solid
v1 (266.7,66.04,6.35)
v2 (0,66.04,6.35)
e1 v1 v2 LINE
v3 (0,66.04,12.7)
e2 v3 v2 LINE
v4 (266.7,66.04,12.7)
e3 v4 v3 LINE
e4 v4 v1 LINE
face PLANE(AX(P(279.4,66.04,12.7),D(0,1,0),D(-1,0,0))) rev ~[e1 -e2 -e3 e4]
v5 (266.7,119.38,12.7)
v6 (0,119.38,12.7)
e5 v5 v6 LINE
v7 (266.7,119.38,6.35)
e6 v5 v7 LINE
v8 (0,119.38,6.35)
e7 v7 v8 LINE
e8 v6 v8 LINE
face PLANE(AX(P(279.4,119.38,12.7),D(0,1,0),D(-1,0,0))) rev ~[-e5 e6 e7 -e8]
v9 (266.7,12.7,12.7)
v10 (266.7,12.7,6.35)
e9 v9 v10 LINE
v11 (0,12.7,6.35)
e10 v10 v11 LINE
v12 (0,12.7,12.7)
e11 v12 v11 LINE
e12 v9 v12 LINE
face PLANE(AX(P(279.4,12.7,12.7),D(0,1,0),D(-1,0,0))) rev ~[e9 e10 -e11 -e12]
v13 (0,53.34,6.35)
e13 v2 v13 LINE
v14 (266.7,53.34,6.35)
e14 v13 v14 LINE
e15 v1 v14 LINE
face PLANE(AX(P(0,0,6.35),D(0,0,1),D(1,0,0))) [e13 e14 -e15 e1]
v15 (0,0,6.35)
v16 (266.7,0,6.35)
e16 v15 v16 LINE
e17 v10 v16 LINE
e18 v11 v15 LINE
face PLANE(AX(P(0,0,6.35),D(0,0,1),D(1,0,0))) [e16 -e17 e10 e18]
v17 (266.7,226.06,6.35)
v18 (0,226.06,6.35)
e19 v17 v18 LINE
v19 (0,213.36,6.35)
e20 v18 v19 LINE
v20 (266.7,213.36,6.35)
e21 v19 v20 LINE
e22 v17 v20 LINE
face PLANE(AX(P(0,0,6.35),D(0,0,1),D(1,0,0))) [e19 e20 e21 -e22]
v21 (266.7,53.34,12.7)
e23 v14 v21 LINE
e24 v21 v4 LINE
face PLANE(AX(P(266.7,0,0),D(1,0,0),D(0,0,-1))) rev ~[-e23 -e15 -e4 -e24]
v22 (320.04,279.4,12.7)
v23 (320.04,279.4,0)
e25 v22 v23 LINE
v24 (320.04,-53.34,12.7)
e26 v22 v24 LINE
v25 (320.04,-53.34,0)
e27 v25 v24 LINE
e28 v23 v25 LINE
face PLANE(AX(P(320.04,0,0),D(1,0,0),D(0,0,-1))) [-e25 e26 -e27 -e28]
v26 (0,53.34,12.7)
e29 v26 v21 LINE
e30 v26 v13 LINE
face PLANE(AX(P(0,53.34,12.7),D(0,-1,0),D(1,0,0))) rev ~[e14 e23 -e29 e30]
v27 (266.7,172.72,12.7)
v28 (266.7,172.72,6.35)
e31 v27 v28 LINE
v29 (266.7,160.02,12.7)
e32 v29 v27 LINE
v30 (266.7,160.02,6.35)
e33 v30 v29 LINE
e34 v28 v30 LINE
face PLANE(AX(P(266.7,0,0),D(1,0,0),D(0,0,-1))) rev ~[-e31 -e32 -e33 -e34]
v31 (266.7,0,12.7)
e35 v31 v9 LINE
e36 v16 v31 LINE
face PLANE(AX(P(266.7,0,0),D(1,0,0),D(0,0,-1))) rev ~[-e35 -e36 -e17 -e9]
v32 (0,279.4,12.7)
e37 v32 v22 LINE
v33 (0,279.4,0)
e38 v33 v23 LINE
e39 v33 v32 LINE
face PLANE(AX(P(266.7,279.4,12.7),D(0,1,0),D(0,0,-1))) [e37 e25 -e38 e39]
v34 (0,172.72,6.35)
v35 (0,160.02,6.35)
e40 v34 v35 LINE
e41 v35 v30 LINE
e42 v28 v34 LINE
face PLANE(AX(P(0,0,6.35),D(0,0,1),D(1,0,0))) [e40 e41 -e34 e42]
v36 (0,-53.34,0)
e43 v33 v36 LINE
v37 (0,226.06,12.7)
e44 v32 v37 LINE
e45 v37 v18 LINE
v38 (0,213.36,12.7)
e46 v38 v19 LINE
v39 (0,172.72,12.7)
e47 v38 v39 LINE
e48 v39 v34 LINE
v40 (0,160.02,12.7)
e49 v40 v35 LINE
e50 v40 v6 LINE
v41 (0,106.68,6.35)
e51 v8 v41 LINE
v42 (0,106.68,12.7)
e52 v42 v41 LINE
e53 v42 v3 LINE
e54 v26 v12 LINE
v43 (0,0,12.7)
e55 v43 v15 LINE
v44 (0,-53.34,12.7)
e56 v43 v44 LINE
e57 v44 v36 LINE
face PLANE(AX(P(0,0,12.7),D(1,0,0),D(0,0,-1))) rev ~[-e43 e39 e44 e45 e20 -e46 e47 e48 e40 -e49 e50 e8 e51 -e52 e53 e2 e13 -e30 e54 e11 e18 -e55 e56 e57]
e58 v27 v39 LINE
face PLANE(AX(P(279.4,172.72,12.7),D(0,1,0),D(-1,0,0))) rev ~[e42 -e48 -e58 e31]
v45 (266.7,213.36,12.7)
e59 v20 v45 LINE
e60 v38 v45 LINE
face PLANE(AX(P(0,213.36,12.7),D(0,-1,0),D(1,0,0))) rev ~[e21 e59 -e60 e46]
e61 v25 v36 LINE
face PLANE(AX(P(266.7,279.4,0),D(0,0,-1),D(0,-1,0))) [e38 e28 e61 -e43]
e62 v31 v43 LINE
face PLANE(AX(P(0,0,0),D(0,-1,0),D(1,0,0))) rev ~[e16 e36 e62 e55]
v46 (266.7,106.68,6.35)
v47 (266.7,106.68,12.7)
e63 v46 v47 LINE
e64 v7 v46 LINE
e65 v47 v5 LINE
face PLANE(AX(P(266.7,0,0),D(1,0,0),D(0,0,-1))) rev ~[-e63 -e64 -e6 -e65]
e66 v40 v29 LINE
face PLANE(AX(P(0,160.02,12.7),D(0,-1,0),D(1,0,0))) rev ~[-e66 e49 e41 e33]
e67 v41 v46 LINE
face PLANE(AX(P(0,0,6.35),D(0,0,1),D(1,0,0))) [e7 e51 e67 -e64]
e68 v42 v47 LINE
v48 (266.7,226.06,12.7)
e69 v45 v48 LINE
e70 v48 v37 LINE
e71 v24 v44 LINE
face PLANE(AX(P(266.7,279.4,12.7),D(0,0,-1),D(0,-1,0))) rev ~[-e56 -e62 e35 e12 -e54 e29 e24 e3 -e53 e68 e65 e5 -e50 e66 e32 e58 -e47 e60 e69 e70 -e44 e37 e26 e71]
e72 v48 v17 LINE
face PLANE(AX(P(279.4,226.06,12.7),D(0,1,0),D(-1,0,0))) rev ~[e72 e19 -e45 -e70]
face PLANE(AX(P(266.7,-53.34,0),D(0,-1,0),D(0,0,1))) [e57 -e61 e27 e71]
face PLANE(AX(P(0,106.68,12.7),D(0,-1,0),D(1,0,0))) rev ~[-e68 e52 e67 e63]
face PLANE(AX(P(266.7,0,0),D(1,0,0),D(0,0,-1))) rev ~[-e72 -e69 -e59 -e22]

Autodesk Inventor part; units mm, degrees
ref_plane "YZ Plane" through (0, 0, 0) normal (1, 0, 0) x (0, 1, 0)
ref_plane "XZ Plane" through (0, 0, 0) normal (0, 1, 0) x (-1, 0, 0)
ref_plane "XY Plane" through (0, 0, 0) normal (0, 0, 1) x (1, 0, 0)
sketch "Sketch1" plane through (0, 0, 0) normal (0, 0, 1) x (1, 0, 0)
  line L0 (0, 0) -> (279.4, 0)
  line L1 (279.4, 0) -> (279.4, 279.4)
  line L2 (279.4, 279.4) -> (0, 279.4)
  line L3 (0, 279.4) -> (0, 0)
  dimension "d0" = 279.4
  dimension "d1" = 279.4
extrude "Extrusion1" add sketch "Sketch1" along normal blind 12.7
sketch "Sketch2" plane through (0, 0, 12.7) normal (0, 0, 1) x (1, 0, 0)
  line L0 (279.4, 0) -> (279.4, 279.4) projected
  line L1 (0, 0) -> (279.4, 0)
  line L2 (279.4, 0) -> (279.4, 12.7)
  line L3 (279.4, 12.7) -> (0, 12.7)
  line L4 (0, 12.7) -> (0, 0)
  line L5 (0, 279.4) -> (0, 0) projected
  line L6 (0, 53.34) -> (279.4, 53.34)
  line L7 (279.4, 53.34) -> (279.4, 66.04)
  line L8 (279.4, 66.04) -> (0, 66.04)
  line L9 (0, 66.04) -> (0, 53.34)
  line L10 (0, 106.68) -> (279.4, 106.68)
  line L11 (279.4, 106.68) -> (279.4, 119.38)
  line L12 (279.4, 119.38) -> (0, 119.38)
  line L13 (0, 119.38) -> (0, 106.68)
  line L14 (0, 160.02) -> (279.4, 160.02)
  line L15 (279.4, 160.02) -> (279.4, 172.72)
  line L16 (279.4, 172.72) -> (0, 172.72)
  line L17 (0, 172.72) -> (0, 160.02)
  line L18 (0, 213.36) -> (279.4, 213.36)
  line L19 (279.4, 213.36) -> (279.4, 226.06)
  line L20 (279.4, 226.06) -> (0, 226.06)
  line L21 (0, 226.06) -> (0, 213.36)
  point P0 (0, 66.04)
  point P1 (0, 119.38)
  point P2 (0, 172.72)
  point P3 (0, 226.06)
  dimension "d4" = 12.7
  dimension "d5" = 12.7
  dimension "d6" = 40.64
  dimension "d7" = 12.7
  dimension "d8" = 40.64
  dimension "d9" = 12.7
  dimension "d10" = 40.64
  dimension "d11" = 12.7
  dimension "d12" = 40.64
extrude "Extrusion2" cut sketch "Sketch2" against normal blind 6.35 contours L1 L4 L3 L0 | L6 L5 L8 L0 | L10 L5 L12 L0 | L14 L5 L16 L0 | L18 L5 L20 L0
sketch "Sketch3" plane through (279.4, 0, 0) normal (1, 0, 0) x (0, 0, -1)
  point P0 (0, 0)
sketch "Sketch4" plane through (279.4, 0, 0) normal (1, 0, 0) x (0, 0, -1)
  line L0 (-6.35, 106.68) -> (-12.7, 106.68) projected
  line L1 (-12.7, 66.04) -> (-12.7, 106.68) projected
  line L2 (-12.7, 66.04) -> (-6.35, 66.04) projected
  line L3 (-6.35, 66.04) -> (-6.35, 53.34) projected
  line L4 (-6.35, 53.34) -> (-12.7, 53.34) projected
  line L5 (-12.7, 12.7) -> (-12.7, 53.34) projected
  line L6 (-12.7, 12.7) -> (-6.35, 12.7) projected
  line L7 (-6.35, 12.7) -> (-6.35, 0) projected
  line L8 (0, 0) -> (-6.35, 0) projected
  line L9 (0, 0) -> (0, 279.4) projected
  line L10 (0, 279.4) -> (-12.7, 279.4) projected
  line L11 (-12.7, 226.06) -> (-12.7, 279.4) projected
  line L12 (-12.7, 226.06) -> (-6.35, 226.06) projected
  line L13 (-6.35, 226.06) -> (-6.35, 213.36) projected
  line L14 (-6.35, 213.36) -> (-12.7, 213.36) projected
  line L15 (-12.7, 172.72) -> (-12.7, 213.36) projected
  line L16 (-12.7, 172.72) -> (-6.35, 172.72) projected
  line L17 (-6.35, 172.72) -> (-6.35, 160.02) projected
  line L18 (-6.35, 160.02) -> (-12.7, 160.02) projected
  line L19 (-12.7, 119.38) -> (-12.7, 160.02) projected
  line L20 (-12.7, 119.38) -> (-6.35, 119.38) projected
  line L21 (-6.35, 119.38) -> (-6.35, 106.68) projected
  point P0 (0, 0)
extrude "Extrusion3" cut sketch "Sketch4" against normal blind 12.7
sketch "Sketch5" plane through (0, 0, 0) normal (0, -1, 0) x (1, 0, 0)
  line L0 (0, 0) -> (266.7, 0) projected
  line L1 (266.7, 12.7) -> (0, 12.7) projected
  line L2 (0, 0) -> (266.7, 0)
  line L3 (266.7, 0) -> (266.7, 12.7)
  line L4 (266.7, 12.7) -> (0, 12.7)
  line L5 (0, 12.7) -> (0, 0)
extrude "Extrusion4" add sketch "Sketch5" along normal blind 53.34
sketch "Sketch6" plane through (266.7, 0, 0) normal (1, 0, 0) x (0, 0, -1)
  line L0 (0, 279.4) -> (0, -53.34) projected
  line L1 (-12.7, 279.4) -> (-12.7, 226.06) projected
  line L2 (0, -53.34) -> (-12.7, -53.34)
  line L3 (-12.7, -53.34) -> (-12.7, 279.4)
  line L4 (-12.7, 279.4) -> (0, 279.4)
  line L5 (0, 279.4) -> (0, -53.34)
  point P0 (0, 0)
extrude "Extrusion5" add sketch "Sketch6" along normal blind 53.34
properties part number "FrntBck Plate"
